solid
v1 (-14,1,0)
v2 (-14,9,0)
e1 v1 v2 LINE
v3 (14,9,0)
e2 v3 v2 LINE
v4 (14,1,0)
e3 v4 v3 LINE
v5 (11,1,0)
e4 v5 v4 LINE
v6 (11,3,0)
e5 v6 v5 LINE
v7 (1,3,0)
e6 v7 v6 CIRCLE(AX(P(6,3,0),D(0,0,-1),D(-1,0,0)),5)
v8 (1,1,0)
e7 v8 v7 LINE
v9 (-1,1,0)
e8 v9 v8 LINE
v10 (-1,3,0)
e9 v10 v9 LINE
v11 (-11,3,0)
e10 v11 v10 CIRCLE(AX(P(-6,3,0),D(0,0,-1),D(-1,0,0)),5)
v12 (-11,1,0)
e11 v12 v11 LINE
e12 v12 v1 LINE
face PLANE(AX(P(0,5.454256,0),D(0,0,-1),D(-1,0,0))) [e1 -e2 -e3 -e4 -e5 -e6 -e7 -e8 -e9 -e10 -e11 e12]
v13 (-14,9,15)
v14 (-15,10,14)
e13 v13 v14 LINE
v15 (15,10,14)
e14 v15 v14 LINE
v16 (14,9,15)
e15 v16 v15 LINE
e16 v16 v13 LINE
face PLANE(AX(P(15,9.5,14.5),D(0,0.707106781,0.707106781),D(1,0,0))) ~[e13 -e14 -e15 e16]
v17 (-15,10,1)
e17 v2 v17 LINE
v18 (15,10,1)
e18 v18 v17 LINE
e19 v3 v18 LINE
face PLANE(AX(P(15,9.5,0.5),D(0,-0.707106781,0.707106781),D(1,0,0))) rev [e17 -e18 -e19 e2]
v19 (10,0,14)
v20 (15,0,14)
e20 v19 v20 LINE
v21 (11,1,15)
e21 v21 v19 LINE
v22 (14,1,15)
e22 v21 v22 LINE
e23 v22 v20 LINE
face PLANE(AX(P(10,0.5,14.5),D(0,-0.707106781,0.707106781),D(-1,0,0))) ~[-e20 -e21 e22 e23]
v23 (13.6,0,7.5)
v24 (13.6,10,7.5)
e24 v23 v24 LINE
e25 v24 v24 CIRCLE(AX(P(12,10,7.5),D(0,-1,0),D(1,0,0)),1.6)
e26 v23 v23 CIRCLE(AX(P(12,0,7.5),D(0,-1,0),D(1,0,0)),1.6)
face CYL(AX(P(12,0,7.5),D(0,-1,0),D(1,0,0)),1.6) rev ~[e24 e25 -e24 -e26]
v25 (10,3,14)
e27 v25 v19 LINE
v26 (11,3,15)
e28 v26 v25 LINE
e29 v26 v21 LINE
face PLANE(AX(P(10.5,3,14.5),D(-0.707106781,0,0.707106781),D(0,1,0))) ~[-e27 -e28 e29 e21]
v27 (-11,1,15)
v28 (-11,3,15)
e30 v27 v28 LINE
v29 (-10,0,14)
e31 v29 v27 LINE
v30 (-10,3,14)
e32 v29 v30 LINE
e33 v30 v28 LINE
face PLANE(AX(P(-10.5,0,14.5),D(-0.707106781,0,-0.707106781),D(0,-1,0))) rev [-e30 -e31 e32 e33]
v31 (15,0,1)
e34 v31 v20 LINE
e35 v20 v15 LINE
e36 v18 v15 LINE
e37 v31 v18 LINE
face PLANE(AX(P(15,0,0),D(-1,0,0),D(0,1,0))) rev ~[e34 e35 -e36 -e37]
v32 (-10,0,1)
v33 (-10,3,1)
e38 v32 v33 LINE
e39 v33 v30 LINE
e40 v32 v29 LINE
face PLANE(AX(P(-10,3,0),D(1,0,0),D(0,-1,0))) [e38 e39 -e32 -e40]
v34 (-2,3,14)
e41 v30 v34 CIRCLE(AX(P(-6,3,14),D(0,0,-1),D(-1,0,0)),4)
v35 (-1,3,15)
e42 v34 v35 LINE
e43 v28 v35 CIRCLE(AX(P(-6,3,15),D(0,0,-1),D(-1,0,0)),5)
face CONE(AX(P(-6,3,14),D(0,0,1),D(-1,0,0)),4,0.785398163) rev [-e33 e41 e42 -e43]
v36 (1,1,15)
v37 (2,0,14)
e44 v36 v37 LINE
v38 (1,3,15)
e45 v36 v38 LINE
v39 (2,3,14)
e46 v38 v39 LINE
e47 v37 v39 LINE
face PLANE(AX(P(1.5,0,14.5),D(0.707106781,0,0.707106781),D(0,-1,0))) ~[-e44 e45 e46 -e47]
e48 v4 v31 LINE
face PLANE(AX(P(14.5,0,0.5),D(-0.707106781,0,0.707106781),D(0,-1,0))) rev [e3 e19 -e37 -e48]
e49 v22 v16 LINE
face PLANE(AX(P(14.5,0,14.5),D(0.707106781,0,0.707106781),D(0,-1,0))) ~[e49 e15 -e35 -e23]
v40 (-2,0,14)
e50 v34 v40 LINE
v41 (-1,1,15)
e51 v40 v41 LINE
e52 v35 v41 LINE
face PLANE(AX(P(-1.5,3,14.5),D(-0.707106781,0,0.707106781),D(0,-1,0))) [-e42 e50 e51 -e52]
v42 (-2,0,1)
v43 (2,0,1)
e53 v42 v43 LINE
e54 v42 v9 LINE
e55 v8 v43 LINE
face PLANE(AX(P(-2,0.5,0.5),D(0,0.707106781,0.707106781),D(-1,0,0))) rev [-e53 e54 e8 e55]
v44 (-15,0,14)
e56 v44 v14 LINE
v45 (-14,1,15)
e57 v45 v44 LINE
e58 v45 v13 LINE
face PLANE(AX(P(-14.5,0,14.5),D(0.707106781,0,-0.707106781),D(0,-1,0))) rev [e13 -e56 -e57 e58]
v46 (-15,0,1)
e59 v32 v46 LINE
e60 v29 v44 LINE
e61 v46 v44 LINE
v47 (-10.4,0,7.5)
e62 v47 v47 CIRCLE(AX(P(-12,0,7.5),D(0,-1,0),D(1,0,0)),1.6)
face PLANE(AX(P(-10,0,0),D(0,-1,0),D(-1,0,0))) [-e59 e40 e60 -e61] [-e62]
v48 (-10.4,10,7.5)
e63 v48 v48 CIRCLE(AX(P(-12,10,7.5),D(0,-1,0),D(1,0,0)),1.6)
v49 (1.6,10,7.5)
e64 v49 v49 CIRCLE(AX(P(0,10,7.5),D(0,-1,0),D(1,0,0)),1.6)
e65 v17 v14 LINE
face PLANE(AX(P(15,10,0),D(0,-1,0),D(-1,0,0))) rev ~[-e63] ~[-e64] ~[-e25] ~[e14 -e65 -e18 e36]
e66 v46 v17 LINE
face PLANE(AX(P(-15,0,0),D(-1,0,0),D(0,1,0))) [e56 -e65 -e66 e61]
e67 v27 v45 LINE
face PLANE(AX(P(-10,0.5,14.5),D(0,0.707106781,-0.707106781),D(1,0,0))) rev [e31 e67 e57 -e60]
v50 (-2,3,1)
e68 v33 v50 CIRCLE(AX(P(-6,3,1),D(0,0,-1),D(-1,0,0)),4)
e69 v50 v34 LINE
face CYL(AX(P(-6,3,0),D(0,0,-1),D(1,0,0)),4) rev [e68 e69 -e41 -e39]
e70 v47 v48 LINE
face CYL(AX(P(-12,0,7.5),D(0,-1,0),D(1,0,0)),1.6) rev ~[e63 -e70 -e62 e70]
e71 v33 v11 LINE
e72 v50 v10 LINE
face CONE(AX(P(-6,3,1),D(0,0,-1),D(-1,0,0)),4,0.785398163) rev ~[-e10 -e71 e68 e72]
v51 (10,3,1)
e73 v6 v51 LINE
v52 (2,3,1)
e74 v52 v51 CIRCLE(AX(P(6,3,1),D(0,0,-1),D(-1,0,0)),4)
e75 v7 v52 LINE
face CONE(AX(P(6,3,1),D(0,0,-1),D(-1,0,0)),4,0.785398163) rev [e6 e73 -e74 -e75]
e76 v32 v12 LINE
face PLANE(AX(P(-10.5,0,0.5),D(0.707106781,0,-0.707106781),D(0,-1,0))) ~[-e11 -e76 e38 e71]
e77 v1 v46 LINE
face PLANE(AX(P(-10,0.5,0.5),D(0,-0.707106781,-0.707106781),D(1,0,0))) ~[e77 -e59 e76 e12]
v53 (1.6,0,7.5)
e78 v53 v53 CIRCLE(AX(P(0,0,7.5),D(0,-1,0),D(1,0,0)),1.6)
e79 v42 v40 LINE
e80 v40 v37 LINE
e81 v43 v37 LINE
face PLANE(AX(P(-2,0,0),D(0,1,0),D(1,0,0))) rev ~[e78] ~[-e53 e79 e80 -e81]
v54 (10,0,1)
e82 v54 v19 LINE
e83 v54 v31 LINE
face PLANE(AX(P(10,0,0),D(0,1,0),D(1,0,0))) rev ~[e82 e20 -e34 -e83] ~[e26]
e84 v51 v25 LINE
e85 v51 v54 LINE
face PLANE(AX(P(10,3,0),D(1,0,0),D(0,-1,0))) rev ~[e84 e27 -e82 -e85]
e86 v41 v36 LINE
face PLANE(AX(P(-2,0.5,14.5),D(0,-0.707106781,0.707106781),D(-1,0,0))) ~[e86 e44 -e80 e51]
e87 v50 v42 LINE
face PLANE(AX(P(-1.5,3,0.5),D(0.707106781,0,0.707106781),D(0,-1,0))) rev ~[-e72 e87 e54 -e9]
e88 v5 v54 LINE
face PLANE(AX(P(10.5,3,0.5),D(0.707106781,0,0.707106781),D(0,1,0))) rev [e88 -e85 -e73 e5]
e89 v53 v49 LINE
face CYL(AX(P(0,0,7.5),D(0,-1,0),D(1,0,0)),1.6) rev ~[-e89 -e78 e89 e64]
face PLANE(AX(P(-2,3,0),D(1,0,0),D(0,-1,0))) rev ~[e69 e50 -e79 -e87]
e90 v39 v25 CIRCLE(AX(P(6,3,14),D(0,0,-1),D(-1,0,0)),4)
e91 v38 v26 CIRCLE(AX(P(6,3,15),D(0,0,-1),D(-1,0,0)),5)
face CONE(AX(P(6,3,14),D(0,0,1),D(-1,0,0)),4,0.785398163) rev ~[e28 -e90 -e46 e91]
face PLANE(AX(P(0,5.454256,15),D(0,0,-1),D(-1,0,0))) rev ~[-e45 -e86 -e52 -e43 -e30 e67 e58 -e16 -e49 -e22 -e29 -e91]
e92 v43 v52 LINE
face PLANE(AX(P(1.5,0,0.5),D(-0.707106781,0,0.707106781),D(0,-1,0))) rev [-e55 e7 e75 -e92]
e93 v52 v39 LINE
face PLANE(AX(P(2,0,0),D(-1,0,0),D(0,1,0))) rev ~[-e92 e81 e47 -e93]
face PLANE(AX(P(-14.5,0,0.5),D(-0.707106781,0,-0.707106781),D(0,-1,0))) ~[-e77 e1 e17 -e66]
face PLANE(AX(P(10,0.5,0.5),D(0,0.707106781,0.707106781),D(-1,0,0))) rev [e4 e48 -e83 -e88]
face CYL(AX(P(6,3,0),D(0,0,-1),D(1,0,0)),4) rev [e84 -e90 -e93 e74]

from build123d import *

# Parameters (mm, degrees)
PAD_DEPTH    = 15
SKETCH001_R  = 1.6
POCKET_DEPTH = 10.001
CHAMFER_SIZE = 1


with BuildPart() as part:
    # Sketch → Pad (new body)
    with BuildSketch(Plane.XY):
        with BuildLine():
            ThreePointArc((-2, 3), (-6, 7), (-10, 3))
            Line((-10, 3), (-10, 0))
            Line((-10, 0), (-15, 0))
            Line((-15, 0), (-15, 10))
            Line((15, 10), (-15, 10))
            Line((15, 0), (15, 10))
            Line((10, 0), (15, 0))
            Line((10, 3), (10, 0))
            ThreePointArc((10, 3), (6, 7), (2, 3))
            Line((2, 0), (2, 3))
            Line((-2, 0), (2, 0))
            Line((-2, 3), (-2, 0))
        make_face()
    extrude(amount=PAD_DEPTH)

    # Sketch001 → Pocket (cut, through all)
    with BuildSketch(Plane.XZ):
        with Locations((0, 7.5)):
            Circle(SKETCH001_R)
        with Locations((-12, 7.5)):
            Circle(SKETCH001_R)
        with Locations((12, 7.5)):
            Circle(SKETCH001_R)
    extrude(amount=-POCKET_DEPTH, mode=Mode.SUBTRACT)

    # Chamfer
    chamfer_edges = [part.edges().sort_by_distance(p)[0] for p in [
        (-2, 1.5, 15),
        (-6, 7, 15),
        (-10, 1.5, 15),
        (-12.5, 0, 15),
        (-15, 5, 15),
        (0, 10, 15),
        (15, 5, 15),
        (12.5, 0, 15),
        (10, 1.5, 15),
        (6, 7, 15),
        (2, 1.5, 15),
        (0, 0, 15),
        (-2, 1.5, 0),
        (-6, 7, 0),
        (-10, 1.5, 0),
        (-12.5, 0, 0),
        (-15, 5, 0),
        (0, 10, 0),
        (15, 5, 0),
        (12.5, 0, 0),
        (10, 1.5, 0),
        (6, 7, 0),
        (2, 1.5, 0),
        (0, 0, 0),
    ]]
    chamfer(chamfer_edges, length=CHAMFER_SIZE)


solid = part.part
